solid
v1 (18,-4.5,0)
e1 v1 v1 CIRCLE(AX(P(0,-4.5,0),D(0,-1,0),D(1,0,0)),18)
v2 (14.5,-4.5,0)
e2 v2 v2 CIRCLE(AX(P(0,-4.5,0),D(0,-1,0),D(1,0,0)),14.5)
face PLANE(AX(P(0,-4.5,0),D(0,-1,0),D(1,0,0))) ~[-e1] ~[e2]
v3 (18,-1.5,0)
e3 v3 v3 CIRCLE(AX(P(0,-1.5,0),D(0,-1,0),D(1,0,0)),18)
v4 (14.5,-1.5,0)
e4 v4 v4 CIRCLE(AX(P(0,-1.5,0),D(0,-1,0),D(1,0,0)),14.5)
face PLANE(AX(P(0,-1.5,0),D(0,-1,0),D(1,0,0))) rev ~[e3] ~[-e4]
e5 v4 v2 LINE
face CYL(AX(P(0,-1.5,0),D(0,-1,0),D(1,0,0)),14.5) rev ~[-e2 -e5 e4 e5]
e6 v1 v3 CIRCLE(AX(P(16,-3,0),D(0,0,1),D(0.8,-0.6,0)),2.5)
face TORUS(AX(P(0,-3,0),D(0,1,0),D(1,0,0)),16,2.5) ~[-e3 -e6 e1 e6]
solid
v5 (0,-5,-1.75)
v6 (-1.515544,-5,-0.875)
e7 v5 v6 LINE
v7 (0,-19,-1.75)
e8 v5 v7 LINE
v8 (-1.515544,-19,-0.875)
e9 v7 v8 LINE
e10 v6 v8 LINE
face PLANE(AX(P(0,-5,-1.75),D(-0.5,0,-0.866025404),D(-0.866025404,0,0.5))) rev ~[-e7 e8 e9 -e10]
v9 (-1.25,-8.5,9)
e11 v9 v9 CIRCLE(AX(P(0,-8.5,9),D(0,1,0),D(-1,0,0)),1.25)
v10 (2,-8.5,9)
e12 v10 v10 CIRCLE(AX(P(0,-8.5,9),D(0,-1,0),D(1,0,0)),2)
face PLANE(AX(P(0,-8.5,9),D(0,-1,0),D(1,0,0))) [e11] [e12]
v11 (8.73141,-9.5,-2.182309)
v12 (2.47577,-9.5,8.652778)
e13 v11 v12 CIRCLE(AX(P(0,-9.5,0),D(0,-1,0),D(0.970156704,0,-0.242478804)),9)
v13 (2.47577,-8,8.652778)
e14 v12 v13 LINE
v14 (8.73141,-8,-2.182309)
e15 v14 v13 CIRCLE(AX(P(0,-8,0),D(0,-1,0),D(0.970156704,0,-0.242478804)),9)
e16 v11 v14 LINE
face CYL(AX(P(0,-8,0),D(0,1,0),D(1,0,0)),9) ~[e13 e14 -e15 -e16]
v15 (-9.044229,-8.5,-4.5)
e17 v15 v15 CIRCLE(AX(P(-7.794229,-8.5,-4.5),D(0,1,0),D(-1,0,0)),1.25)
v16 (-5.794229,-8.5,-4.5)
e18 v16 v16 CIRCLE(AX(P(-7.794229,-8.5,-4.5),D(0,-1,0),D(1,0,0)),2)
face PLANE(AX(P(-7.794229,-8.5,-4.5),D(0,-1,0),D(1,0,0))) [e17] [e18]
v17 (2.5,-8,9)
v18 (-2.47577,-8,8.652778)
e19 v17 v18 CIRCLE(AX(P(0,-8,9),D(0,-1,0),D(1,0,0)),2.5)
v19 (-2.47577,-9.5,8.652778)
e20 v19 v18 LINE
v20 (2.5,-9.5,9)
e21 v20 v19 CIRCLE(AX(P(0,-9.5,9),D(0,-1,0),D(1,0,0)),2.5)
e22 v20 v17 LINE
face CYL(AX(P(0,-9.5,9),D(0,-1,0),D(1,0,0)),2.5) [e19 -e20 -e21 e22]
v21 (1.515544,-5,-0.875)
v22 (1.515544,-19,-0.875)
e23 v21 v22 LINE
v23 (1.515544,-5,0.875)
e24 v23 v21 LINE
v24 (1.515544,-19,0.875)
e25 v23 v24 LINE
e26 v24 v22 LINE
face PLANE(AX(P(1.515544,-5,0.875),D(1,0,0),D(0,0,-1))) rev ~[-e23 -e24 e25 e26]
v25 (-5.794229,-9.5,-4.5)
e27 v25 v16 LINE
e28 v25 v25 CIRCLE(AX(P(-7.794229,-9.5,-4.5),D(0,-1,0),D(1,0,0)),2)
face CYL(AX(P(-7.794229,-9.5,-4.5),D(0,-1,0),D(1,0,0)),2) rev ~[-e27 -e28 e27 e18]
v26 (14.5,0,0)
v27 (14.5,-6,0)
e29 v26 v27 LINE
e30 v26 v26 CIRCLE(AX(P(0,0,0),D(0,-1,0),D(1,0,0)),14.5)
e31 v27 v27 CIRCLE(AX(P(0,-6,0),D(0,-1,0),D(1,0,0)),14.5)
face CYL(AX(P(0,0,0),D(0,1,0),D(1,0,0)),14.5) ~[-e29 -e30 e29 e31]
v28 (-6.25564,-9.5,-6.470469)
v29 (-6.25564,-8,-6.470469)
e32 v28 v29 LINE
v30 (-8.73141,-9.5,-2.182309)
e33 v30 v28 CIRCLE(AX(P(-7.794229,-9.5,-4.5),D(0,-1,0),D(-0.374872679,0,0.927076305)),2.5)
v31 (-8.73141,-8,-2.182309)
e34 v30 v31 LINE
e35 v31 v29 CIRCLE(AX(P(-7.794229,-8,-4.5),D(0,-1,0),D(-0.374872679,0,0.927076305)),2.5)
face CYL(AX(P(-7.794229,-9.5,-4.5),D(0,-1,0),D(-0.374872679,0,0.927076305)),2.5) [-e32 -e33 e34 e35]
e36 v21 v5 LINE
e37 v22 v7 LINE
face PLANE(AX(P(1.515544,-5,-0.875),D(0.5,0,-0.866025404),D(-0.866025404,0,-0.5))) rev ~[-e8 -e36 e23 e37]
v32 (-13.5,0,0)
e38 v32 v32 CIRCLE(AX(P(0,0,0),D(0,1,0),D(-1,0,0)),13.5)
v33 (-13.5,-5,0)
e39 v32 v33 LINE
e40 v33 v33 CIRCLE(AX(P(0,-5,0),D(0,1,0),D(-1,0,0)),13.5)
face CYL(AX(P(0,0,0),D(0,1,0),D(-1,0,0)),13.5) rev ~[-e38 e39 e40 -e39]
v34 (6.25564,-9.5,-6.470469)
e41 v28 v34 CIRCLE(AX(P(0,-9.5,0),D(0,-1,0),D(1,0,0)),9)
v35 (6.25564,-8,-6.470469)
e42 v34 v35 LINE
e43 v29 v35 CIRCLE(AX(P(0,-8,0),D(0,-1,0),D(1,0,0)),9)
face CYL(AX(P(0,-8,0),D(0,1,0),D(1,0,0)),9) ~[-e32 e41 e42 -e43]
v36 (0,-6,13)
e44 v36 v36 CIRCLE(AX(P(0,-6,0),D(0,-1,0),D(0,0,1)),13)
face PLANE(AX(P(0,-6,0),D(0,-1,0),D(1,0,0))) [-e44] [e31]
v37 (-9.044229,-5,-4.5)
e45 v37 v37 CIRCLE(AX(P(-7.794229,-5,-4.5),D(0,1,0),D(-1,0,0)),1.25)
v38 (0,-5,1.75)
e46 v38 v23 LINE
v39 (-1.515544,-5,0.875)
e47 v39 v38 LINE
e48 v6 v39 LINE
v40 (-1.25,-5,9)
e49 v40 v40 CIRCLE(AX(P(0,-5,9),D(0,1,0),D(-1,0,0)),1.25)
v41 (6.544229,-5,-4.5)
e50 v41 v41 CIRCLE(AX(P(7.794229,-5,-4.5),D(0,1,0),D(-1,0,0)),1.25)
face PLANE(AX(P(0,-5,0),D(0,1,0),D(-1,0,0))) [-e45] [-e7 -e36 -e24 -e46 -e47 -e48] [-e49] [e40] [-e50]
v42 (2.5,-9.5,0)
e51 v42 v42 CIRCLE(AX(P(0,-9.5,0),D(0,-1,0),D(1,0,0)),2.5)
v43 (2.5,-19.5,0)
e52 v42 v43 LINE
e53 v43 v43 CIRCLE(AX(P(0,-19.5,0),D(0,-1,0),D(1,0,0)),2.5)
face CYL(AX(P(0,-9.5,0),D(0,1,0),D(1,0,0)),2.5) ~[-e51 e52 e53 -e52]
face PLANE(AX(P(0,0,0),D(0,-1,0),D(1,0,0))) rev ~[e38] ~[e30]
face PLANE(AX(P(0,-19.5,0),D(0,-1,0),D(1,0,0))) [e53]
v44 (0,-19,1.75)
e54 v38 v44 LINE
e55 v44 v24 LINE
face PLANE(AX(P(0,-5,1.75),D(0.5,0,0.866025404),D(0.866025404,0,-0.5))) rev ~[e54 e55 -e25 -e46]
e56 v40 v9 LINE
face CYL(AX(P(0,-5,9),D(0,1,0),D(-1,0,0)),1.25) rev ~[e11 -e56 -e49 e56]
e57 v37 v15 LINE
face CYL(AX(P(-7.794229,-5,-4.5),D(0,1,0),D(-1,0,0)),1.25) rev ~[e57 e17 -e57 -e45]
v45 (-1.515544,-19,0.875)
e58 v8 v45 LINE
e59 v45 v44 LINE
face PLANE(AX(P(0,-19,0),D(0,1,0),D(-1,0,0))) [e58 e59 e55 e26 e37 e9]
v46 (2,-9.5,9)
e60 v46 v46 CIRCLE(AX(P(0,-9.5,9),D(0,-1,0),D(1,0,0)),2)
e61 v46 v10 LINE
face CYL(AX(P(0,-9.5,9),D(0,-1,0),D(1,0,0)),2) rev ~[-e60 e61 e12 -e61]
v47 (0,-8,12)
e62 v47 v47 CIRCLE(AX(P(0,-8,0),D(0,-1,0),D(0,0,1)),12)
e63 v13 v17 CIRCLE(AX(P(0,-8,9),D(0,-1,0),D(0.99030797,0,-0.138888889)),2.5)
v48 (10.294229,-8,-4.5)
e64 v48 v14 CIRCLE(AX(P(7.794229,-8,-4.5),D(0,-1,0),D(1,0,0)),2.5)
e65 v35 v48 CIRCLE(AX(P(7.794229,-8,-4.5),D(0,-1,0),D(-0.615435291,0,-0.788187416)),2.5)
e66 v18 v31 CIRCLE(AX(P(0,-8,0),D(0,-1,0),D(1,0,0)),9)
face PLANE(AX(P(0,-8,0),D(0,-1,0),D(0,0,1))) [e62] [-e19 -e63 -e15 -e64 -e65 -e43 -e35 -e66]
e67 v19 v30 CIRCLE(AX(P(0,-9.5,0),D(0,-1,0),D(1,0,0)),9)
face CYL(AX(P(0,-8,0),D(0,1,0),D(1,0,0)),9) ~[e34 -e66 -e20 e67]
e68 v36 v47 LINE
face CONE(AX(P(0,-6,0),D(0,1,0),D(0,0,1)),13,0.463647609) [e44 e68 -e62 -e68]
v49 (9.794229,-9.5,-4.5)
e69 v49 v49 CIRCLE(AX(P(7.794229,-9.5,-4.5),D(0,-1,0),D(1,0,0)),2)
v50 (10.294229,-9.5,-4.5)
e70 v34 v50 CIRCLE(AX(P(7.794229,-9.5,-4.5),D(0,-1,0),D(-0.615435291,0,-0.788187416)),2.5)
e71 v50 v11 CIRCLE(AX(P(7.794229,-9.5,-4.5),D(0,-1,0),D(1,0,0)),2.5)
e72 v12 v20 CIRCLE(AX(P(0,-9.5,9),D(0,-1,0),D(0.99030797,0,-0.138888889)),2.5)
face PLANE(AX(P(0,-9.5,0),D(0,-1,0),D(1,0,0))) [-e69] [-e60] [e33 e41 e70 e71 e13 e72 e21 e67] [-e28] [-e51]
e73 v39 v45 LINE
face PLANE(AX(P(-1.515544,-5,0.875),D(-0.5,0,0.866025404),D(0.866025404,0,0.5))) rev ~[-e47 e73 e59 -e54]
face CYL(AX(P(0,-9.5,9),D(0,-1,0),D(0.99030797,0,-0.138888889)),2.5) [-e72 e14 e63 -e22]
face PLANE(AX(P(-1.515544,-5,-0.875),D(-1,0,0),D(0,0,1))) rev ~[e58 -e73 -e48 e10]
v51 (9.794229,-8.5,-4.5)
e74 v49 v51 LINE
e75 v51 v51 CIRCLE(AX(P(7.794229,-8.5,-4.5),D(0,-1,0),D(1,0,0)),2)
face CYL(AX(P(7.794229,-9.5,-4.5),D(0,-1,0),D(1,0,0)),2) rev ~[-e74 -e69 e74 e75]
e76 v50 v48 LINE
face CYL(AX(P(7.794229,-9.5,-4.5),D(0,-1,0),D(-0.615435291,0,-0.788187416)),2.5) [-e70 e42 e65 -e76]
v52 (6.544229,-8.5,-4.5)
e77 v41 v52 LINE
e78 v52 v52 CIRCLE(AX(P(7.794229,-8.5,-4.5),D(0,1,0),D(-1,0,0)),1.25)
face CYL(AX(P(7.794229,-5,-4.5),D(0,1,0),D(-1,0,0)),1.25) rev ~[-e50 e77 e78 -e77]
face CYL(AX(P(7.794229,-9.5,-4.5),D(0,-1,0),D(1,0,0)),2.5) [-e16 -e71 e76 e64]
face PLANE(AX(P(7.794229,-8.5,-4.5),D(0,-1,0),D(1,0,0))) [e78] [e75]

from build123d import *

# Parameters (mm, degrees)
F0_R      = 14.5
F1_DEPTH  = 6
F4_R      = 9
F5_DEPTH  = 1.5
F6_R      = 2.5
F7_DEPTH  = 10
F9_DEPTH  = 9
F10_R     = 13.5
F11_DEPTH = 5
F13_DEPTH = 14
F18_R     = 1.25
F19_DEPTH = 4.5
F16_R     = 2
F20_DEPTH = 1


with BuildPart() as f1:
    # F0 (on Front) → F1 (new body)
    with BuildSketch(Plane.XZ):
        Circle(F0_R)
    extrude(amount=F1_DEPTH)

    # F2 (on Right) → F3 (revolve)
    with BuildSketch(Plane.YZ):
        Polygon((-8, 0), (-6, 0), (-6, 13), (-8, 12), align=None)
    revolve(axis=Axis((0, -7, 0), (0, -1, 0)))

    # F4 (on face) → F5 (join)
    with BuildSketch(Plane.XZ.offset(8)):
        Circle(F4_R)
    extrude(amount=F5_DEPTH)

    # F6 (on face) → F7 (join)
    with BuildSketch(Plane.XZ.offset(9.5)):
        Circle(F6_R)
    extrude(amount=F7_DEPTH)

    # F8 (on face) → F9 (join)
    with BuildSketch(Plane.XZ.offset(9.5)):
        with BuildLine():
            ThreePointArc((8.731410332, -2.1823092387), (7.6201953269, -2.0060648749), (6.5442286341, -2.3349364905))
            Line((6.5442286341, -2.3349364905), (7.7942286341, -4.5))
            ThreePointArc((7.7942286341, -4.5), (8.3436867406, -3.3738541128), (8.731410332, -2.1823092387))
        make_face()
        with BuildLine():
            ThreePointArc((8.731410332, -2.1823092387), (8.3436867406, -3.3738541128), (7.7942286341, -4.5))
            ThreePointArc((7.7942286341, -4.5), (7.0936867406, -5.5389176222), (6.2556404057, -6.4704685391))
            ThreePointArc((6.2556404057, -6.4704685391), (8.8904789314, -6.7468278273), (10.2942286341, -4.5))
            ThreePointArc((10.2942286341, -4.5), (9.8670231541, -3.1023151723), (8.731410332, -2.1823092387))
        make_face()
        with BuildLine():
            ThreePointArc((6.2556404057, -6.4704685391), (7.0936867406, -5.5389176222), (7.7942286341, -4.5))
            Line((7.7942286341, -4.5), (5.2942286341, -4.5))
            ThreePointArc((5.2942286341, -4.5), (5.5474008068, -5.5962502974), (6.2556404057, -6.4704685391))
        make_face()
        with BuildLine():
            Line((7.7942286341, -4.5), (6.5442286341, -2.3349364905))
            ThreePointArc((6.5442286341, -2.3349364905), (5.6291651246, -3.25), (5.2942286341, -4.5))
            Line((5.2942286341, -4.5), (7.7942286341, -4.5))
        make_face()
        with BuildLine():
            ThreePointArc((-5.2942286341, -4.5), (-5.6291651246, -3.25), (-6.5442286341, -2.3349364905))
            Line((-6.5442286341, -2.3349364905), (-7.7942286341, -4.5))
            Line((-7.7942286341, -4.5), (-5.2942286341, -4.5))
        make_face()
        with BuildLine():
            Line((-7.7942286341, -4.5), (-6.5442286341, -2.3349364905))
            ThreePointArc((-6.5442286341, -2.3349364905), (-7.6201953269, -2.0060648749), (-8.731410332, -2.1823092387))
            ThreePointArc((-8.731410332, -2.1823092387), (-8.3436867406, -3.3738541128), (-7.7942286341, -4.5))
        make_face()
        with BuildLine():
            ThreePointArc((-7.7942286341, -4.5), (-8.3436867406, -3.3738541128), (-8.731410332, -2.1823092387))
            ThreePointArc((-8.731410332, -2.1823092387), (-9.9592921435, -5.75), (-6.2556404057, -6.4704685391))
            ThreePointArc((-6.2556404057, -6.4704685391), (-7.0936867406, -5.5389176222), (-7.7942286341, -4.5))
        make_face()
        with BuildLine():
            Line((-5.2942286341, -4.5), (-7.7942286341, -4.5))
            ThreePointArc((-7.7942286341, -4.5), (-7.0936867406, -5.5389176222), (-6.2556404057, -6.4704685391))
            ThreePointArc((-6.2556404057, -6.4704685391), (-5.5474008068, -5.5962502974), (-5.2942286341, -4.5))
        make_face()
        with BuildLine():
            Line((-1.25, 6.8349364905), (0, 9))
            ThreePointArc((0, 9), (-1.25, 8.912771735), (-2.4757699264, 8.6527777778))
            ThreePointArc((-2.4757699264, 8.6527777778), (-2.0727945201, 7.6023151723), (-1.25, 6.8349364905))
        make_face()
        with BuildLine():
            Line((1.25, 6.8349364905), (0, 9))
            Line((0, 9), (-1.25, 6.8349364905))
            ThreePointArc((-1.25, 6.8349364905), (0, 6.5), (1.25, 6.8349364905))
        make_face()
        with BuildLine():
            ThreePointArc((2.4757699264, 8.6527777778), (1.25, 8.912771735), (0, 9))
            Line((0, 9), (1.25, 6.8349364905))
            ThreePointArc((1.25, 6.8349364905), (2.0727945201, 7.6023151723), (2.4757699264, 8.6527777778))
        make_face()
        with BuildLine():
            ThreePointArc((-2.4757699264, 8.6527777778), (-1.25, 8.912771735), (0, 9))
            ThreePointArc((0, 9), (1.25, 8.912771735), (2.4757699264, 8.6527777778))
            ThreePointArc((2.4757699264, 8.6527777778), (2.4939351251, 8.8259666928), (2.5, 9))
            ThreePointArc((2.5, 9), (-0.1740333072, 11.4939351251), (-2.4757699264, 8.6527777778))
        make_face()
    extrude(amount=-F9_DEPTH)

    # F10 (on face) → F11 (cut)
    with BuildSketch(Plane(origin=(0, 0, 0), x_dir=(-1, 0, 0), z_dir=(0, 1, 0))):
        Circle(F10_R)
    extrude(amount=-F11_DEPTH, mode=Mode.SUBTRACT)

    # F12 (on face) → F13 (cut)
    with BuildSketch(Plane(origin=(0, -5, 0), x_dir=(-1, 0, 0), z_dir=(0, 1, 0))):
        Polygon((1.5155444566, 0.875), (0, 1.75), (-1.5155444566, 0.875), (-1.5155444566, -0.875), (0, -1.75), (1.5155444566, -0.875), align=None)
    extrude(amount=-F13_DEPTH, mode=Mode.SUBTRACT)

    # F18 (on face) → F19 (cut)
    with BuildSketch(Plane(origin=(0, -5, 0), x_dir=(-1, 0, 0), z_dir=(0, 1, 0))):
        with Locations((7.7942286341, -4.5)):
            Circle(F18_R)
        with Locations((0, 9)):
            Circle(F18_R)
        with Locations((-7.7942286341, -4.5)):
            Circle(F18_R)
    extrude(amount=-F19_DEPTH, mode=Mode.SUBTRACT)

    # F16 (on face) → F20 (cut)
    with BuildSketch(Plane.XZ.offset(9.5)):
        with Locations((-7.7942286341, -4.5)):
            Circle(F16_R)
        with Locations((7.7942286341, -4.5)):
            Circle(F16_R)
        with Locations((0, 9)):
            Circle(F16_R)
    extrude(amount=-F20_DEPTH, mode=Mode.SUBTRACT)


with BuildPart() as f15:
    # F14 (on Top) → F15 (revolve)
    with BuildSketch(Plane.XY):
        with BuildLine():
            Line((14.5, -1.5), (14.5, -3))
            Line((14.5, -3), (14.5, -4.5))
            Line((14.5, -4.5), (18, -4.5))
            ThreePointArc((18, -4.5), (18.5, -3), (18, -1.5))
            Line((18, -1.5), (14.5, -1.5))
        make_face()
    revolve(axis=Axis((0, -3, 0), (0, -1, 0)))


solid = Compound([f1.part, f15.part])
